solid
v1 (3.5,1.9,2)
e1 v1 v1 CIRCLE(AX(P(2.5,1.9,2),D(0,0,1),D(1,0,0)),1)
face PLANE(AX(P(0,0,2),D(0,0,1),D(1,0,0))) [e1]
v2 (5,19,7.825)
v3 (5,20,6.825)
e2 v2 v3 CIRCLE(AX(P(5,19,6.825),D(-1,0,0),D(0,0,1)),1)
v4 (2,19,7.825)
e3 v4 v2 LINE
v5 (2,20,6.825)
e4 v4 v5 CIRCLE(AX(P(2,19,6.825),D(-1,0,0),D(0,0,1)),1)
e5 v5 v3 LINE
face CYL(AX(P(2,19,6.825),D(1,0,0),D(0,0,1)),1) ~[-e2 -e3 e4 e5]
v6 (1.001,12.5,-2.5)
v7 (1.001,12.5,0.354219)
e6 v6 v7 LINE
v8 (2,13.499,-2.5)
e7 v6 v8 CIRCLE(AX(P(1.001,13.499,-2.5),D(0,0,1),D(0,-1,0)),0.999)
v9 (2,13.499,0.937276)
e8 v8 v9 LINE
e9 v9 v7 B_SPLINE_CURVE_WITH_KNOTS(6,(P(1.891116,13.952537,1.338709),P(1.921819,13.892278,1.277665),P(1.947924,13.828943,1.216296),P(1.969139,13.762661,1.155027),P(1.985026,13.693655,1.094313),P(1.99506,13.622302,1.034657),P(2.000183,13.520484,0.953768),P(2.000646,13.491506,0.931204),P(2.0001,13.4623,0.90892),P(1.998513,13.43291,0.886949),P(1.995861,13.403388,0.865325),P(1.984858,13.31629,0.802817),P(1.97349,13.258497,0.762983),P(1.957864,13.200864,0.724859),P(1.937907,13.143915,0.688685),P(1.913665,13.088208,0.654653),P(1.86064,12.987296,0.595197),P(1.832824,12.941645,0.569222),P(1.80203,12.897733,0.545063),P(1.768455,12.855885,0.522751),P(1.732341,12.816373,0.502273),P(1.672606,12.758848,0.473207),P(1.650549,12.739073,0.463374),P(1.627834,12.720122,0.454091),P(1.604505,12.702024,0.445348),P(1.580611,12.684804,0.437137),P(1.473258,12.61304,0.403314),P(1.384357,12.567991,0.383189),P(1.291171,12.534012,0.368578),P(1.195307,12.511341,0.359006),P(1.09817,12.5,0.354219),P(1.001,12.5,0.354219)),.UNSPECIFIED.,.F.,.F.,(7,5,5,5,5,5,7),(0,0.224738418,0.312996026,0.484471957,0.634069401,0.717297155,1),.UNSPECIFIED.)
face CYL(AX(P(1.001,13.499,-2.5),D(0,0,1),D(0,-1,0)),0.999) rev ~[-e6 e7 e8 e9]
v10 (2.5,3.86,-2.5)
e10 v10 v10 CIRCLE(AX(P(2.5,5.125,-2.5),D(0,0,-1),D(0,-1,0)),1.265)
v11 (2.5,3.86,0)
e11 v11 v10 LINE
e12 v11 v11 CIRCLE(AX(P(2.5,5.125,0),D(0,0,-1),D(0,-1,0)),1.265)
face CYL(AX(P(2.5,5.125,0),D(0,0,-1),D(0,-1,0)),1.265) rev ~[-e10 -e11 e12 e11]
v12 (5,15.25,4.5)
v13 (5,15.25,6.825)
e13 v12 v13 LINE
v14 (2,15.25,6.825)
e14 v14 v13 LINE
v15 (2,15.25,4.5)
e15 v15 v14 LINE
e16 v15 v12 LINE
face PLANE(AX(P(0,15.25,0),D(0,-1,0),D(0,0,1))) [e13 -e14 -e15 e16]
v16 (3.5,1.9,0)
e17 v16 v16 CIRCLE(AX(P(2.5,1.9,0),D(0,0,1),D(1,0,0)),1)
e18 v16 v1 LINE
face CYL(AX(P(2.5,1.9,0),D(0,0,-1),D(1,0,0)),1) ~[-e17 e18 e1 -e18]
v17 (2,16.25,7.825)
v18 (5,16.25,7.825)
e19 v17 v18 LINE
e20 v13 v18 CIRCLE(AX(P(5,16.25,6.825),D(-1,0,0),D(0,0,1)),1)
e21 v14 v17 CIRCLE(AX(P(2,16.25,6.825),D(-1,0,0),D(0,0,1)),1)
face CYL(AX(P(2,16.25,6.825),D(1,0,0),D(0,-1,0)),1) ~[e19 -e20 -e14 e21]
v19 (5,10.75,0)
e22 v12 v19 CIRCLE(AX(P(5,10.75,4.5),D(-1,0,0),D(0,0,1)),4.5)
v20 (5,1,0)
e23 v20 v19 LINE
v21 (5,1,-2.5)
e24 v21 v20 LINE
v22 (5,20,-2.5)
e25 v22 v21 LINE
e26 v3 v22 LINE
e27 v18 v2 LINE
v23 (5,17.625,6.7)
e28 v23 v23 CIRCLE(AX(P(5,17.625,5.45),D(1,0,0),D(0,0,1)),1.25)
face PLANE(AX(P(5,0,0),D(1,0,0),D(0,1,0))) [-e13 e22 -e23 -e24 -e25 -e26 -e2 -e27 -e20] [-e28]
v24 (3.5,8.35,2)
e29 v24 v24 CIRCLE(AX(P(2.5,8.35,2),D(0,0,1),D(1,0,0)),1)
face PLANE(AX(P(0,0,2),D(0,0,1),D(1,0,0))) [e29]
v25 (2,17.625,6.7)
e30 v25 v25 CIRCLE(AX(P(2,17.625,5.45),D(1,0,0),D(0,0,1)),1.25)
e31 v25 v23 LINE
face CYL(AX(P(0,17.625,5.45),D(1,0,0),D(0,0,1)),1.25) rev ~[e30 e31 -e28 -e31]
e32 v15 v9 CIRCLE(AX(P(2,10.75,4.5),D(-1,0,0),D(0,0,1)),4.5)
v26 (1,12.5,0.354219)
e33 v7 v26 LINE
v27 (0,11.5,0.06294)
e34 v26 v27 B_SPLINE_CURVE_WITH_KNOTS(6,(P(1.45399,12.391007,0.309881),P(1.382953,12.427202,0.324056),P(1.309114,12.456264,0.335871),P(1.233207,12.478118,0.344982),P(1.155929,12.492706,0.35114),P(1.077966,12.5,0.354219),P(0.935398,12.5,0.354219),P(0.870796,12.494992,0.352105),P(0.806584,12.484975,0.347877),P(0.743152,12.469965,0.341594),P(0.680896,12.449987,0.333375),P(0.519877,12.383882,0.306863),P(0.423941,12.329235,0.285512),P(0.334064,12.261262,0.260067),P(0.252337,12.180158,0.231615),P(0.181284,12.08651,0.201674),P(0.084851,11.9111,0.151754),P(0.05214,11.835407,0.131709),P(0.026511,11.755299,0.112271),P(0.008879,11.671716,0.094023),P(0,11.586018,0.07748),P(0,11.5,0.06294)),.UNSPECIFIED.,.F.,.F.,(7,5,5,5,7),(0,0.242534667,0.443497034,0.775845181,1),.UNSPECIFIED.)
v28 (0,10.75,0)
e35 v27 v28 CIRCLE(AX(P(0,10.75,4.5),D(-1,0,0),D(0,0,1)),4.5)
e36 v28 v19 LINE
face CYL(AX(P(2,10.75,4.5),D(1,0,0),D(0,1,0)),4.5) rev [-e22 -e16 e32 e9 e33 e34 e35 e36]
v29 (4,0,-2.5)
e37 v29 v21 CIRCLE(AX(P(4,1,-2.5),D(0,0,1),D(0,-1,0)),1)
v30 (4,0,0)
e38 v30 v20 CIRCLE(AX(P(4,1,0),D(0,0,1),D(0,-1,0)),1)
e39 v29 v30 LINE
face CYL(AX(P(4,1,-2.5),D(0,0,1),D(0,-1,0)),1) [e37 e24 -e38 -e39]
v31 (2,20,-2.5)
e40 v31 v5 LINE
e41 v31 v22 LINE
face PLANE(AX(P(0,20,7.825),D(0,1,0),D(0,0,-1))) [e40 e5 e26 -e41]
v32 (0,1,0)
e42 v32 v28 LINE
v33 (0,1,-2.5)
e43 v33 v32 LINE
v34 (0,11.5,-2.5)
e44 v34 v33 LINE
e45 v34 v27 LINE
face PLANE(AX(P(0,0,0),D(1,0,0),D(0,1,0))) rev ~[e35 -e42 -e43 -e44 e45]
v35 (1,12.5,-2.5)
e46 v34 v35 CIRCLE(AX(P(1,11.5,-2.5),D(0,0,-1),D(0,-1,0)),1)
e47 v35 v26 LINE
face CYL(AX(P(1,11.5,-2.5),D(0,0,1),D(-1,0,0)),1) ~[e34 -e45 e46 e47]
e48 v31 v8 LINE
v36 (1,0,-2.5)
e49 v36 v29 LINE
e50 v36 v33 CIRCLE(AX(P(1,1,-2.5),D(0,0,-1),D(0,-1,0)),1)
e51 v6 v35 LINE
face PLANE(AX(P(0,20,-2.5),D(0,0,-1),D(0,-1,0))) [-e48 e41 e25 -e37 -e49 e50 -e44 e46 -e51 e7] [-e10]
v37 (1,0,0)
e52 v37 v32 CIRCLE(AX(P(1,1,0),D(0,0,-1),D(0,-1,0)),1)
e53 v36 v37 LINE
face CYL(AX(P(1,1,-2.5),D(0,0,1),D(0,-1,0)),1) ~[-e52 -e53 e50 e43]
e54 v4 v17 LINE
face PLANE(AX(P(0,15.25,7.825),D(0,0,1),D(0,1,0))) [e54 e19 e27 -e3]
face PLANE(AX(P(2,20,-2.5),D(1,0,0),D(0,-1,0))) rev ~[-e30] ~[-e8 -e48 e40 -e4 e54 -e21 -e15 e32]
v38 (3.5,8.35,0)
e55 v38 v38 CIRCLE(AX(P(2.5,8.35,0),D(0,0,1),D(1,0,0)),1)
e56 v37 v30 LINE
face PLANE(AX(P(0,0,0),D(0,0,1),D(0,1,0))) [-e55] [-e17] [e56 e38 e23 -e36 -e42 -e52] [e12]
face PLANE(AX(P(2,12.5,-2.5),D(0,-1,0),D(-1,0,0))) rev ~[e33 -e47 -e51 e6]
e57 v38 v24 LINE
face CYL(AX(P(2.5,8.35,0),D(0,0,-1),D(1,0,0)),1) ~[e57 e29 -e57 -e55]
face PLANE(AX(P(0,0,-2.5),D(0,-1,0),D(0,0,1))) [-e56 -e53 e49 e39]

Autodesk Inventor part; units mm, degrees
ref_plane "YZ Plane" through (0, 0, 0) normal (1, 0, 0) x (0, 1, 0)
ref_plane "XZ Plane" through (0, 0, 0) normal (0, 1, 0) x (-1, 0, 0)
ref_plane "XY Plane" through (0, 0, 0) normal (0, 0, 1) x (1, 0, 0)
sketch "Sketch1" plane through (0, 0, 0) normal (1, 0, 0) x (0, 1, 0)
  line L0 (0, 0) -> (15.25, 0)
  line L1 (15.25, 0) -> (15.25, 7.825)
  line L2 (15.25, 7.825) -> (20, 7.825)
  line L3 (20, 7.825) -> (20, -2.5)
  line L4 (20, -2.5) -> (0, -2.5)
  line L5 (0, -2.5) -> (0, 0)
  point P0 (17.625, 5.45)
  dimension "d8" = 2.5
  dimension "d21" = 5.45
  dimension "d23" = 20
  dimension "d24" = 2.375
  dimension "d25" = 2.375
  dimension "d26" = 2.375
extrude "Extrusion1" add sketch "Sketch1" along normal blind 5
sketch "Sketch2" plane through (0, 0, 0) normal (0, 0, 1) x (1, 0, 0)
  line L0 (2.5, 1.9) -> (2.5, 8.35) construction
  line L1 (5, 15.25) -> (5, 0) construction
  line L2 (0, 0) -> (0, 15.25) construction
  circle A0 centre (2.5, 8.35) radius 1
  circle A1 centre (2.5, 1.9) radius 1
  line L3 (0, 0) -> (5, 0) projected
  line L4 (0, 15.25) -> (5, 15.25) projected
  point P0 (2.5, 5.125)
  dimension "d2" = 5
  dimension "d3" = 2.5
  dimension "d4" = 8.45
  dimension "d5" = 2
  dimension "d6" = 2
  dimension "d27" = 5.125
extrude "Extrusion2" add sketch "Sketch2" along normal blind 2
hole "Hole1" at (2.5, 5.125, 0) direction (0, 0, -1) diameter 2.53 end through all
fillet "Fillet1" radius 1 2 edges at (5, 0, -1.25) (0, 0, -1.25)
sketch "Sketch3" plane through (5, 20, -2.5) normal (0, 0, -1) x (-1, 0, 0)
  line L0 (5, 0) -> (5, -19) projected
  line L1 (5, 0) -> (3, 0)
  line L2 (3, 0) -> (3, -7.5)
  line L3 (3, -7.5) -> (5, -7.5)
  line L4 (5, -7.5) -> (5, 0)
  line L5 (0, -19) -> (0, 0) projected
  point P0 (5, -20)
  dimension "d28" = 3
  dimension "d29" = 7.5
extrude "Extrusion3" cut sketch "Sketch3" against normal up to surface (10.325 mm away)
hole "Hole2" at (0, 17.625, 5.45) direction (1, 0, 0) diameter 2.5 end through all
fillet "Fillet2" radius 1 4 edges at (0, 12.5, -1.25) (2, 12.5, -1.25) (3.5, 15.25, 7.825) (3.5, 20, 7.825)
fillet "Fillet2" radius 4.5 1 edges at (3.5, 15.25, 0)
ref_plane "Work Plane1" through (8, 0, 0) normal (1, 0, 0) x (0, 0, -1)
mirror "Mirror1" [suppressed]
equation "\"d26\" = d24"
equation "\"d3\" = 0.5 * d2"
equation "\"d6\" = d5"
properties part number "BL"
